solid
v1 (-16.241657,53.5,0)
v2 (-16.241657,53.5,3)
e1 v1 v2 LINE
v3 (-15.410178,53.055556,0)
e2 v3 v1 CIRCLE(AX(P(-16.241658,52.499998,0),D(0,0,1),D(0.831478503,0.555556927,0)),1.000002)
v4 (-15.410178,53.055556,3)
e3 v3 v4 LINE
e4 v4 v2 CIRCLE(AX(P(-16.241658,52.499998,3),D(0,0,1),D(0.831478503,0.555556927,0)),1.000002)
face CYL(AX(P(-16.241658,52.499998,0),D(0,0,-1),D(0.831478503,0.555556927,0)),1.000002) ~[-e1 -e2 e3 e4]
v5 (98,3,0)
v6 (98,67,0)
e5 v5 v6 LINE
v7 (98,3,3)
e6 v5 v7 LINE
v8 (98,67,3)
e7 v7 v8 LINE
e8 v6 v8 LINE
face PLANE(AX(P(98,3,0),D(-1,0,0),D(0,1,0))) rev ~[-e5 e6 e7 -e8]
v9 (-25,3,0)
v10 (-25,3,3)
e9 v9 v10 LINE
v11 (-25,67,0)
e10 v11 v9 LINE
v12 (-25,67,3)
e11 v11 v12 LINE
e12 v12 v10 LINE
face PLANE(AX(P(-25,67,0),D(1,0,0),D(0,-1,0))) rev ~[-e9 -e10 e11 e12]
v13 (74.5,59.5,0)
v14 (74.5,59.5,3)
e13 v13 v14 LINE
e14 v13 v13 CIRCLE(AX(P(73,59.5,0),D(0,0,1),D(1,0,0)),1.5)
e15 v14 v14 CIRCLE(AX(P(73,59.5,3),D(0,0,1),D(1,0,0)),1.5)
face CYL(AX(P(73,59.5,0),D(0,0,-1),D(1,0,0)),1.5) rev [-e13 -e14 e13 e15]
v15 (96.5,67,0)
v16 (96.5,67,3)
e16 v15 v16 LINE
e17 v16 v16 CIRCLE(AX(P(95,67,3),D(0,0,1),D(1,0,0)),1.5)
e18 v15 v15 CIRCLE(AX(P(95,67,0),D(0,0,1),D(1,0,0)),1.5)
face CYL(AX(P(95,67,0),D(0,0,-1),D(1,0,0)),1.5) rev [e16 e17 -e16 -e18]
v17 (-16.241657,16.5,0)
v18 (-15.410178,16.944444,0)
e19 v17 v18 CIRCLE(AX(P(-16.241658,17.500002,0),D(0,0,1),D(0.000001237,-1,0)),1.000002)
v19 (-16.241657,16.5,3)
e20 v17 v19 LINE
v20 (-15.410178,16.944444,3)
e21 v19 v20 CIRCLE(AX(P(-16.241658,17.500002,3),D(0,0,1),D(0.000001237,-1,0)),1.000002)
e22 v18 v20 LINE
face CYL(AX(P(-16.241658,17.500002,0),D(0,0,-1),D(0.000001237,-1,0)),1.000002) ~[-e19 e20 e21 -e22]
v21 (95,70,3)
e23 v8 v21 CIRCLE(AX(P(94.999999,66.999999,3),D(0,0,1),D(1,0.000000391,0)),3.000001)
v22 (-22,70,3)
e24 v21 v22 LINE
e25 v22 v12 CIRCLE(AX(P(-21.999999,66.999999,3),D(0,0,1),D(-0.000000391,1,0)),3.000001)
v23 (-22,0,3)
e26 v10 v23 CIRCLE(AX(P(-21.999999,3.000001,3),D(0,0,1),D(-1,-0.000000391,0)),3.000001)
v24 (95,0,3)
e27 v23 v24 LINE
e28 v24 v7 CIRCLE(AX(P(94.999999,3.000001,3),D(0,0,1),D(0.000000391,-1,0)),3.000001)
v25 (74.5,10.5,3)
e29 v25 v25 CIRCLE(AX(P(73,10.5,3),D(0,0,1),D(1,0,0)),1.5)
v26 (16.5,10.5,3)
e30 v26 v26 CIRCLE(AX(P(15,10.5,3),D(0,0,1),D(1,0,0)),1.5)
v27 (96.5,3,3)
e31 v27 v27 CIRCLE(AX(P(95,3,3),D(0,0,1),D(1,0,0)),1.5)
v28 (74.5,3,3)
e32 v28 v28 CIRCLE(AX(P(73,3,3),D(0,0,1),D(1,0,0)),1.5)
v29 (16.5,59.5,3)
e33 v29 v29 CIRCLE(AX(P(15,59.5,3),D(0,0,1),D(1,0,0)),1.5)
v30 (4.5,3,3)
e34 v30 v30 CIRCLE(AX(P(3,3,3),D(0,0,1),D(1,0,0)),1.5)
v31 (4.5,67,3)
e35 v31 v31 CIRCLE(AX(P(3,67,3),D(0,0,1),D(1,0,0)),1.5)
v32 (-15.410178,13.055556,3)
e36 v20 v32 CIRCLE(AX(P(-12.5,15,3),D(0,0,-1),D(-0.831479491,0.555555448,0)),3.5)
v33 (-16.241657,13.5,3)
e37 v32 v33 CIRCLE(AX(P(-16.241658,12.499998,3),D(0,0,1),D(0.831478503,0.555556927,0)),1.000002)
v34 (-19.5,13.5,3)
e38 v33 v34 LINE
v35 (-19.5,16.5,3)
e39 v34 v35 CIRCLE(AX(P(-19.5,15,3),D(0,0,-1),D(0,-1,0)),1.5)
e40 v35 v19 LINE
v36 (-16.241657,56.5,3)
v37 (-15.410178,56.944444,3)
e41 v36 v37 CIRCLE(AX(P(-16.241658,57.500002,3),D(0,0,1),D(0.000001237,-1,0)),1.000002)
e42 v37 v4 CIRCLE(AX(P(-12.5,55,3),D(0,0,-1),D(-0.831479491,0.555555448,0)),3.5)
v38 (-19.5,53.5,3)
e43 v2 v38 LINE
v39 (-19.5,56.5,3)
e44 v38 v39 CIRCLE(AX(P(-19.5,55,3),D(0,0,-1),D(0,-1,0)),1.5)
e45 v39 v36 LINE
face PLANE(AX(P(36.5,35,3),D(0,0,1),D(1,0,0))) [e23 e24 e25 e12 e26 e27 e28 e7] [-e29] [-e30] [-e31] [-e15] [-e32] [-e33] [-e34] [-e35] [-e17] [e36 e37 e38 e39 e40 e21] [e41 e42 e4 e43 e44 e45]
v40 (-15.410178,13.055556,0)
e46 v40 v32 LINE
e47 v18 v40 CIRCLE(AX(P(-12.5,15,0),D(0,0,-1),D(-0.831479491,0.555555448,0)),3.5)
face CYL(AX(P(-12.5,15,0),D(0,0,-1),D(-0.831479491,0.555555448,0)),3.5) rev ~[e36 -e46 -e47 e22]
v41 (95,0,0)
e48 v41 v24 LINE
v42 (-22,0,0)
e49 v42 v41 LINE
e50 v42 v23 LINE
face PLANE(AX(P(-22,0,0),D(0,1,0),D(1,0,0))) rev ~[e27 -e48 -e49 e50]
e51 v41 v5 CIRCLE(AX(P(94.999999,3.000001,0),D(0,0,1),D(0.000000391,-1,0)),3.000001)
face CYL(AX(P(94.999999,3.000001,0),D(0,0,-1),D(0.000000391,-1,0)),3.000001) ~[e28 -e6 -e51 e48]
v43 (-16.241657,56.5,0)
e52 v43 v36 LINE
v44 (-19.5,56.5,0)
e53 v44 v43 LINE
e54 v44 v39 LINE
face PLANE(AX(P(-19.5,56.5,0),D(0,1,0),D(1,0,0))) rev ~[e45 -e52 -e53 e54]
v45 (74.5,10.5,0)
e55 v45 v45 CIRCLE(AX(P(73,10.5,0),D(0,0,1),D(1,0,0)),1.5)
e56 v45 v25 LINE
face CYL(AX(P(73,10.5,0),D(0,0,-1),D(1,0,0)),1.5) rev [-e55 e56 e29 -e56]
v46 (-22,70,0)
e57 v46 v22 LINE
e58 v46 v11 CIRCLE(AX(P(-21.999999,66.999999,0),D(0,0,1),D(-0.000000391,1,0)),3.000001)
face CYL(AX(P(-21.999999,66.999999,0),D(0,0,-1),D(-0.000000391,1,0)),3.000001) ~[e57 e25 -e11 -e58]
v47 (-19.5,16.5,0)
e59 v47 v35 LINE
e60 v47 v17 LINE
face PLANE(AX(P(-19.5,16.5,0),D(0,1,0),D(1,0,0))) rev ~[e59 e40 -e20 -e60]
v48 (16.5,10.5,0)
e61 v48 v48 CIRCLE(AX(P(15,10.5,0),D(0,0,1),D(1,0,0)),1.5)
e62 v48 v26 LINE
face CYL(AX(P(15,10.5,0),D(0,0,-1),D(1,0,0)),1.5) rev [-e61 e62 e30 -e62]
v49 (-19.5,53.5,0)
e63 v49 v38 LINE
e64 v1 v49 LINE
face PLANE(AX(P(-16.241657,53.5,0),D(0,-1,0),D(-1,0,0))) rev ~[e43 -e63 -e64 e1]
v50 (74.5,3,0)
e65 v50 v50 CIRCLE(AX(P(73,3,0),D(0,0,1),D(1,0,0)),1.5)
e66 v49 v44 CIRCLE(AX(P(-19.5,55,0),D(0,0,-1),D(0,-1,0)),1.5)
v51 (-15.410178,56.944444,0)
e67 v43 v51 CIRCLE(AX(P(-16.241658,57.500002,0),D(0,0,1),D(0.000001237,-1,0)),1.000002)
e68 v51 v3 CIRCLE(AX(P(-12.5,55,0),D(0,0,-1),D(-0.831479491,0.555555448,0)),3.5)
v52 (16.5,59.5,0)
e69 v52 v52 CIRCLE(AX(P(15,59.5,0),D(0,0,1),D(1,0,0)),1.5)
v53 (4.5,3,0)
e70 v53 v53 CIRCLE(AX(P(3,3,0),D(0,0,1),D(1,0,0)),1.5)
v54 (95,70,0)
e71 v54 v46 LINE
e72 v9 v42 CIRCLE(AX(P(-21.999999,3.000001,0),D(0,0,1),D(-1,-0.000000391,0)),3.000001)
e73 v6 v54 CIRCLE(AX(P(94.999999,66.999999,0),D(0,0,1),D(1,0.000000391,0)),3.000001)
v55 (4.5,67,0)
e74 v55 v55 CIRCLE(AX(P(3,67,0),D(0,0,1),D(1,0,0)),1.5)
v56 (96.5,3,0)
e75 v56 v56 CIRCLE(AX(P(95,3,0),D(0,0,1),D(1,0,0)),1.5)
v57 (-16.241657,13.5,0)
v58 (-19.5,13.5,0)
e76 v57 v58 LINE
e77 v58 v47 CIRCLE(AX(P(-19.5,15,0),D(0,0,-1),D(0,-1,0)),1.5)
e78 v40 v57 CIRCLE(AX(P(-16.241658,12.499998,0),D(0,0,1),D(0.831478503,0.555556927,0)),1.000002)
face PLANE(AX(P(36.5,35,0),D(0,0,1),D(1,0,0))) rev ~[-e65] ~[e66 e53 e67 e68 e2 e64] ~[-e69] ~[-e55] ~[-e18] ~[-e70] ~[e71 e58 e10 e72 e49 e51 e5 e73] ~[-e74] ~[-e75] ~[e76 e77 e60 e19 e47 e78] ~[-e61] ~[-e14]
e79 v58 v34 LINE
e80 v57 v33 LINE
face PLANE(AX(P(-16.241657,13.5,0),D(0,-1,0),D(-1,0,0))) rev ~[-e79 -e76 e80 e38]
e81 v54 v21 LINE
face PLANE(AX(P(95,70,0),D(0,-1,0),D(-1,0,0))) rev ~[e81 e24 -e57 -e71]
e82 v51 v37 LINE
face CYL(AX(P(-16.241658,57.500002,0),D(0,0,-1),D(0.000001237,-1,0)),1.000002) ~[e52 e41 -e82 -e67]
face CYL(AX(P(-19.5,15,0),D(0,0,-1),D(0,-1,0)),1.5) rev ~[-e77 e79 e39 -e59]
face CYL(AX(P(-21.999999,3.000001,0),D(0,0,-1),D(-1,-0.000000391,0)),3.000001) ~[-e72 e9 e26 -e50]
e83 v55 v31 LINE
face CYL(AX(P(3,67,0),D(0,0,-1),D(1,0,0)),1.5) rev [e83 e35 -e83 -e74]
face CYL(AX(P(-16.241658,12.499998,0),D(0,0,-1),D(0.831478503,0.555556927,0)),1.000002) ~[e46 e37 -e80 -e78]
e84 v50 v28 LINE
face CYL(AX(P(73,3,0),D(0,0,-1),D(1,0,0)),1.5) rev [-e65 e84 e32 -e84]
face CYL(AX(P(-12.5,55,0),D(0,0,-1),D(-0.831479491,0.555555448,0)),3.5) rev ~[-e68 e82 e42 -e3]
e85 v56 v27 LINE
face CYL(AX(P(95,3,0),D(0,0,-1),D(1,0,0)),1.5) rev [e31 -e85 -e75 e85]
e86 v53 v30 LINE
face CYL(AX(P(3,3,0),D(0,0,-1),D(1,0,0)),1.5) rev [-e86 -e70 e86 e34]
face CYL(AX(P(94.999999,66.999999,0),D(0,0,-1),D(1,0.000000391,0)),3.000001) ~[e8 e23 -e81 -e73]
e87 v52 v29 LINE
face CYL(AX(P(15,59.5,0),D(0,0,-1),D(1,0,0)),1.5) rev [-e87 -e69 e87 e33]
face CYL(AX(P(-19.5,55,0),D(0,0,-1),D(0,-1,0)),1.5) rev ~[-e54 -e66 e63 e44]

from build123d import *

# Parameters (mm, degrees)
F0_R     = 1.5
F1_DEPTH = 3


with BuildPart() as f1:
    # F0 (on Top) → F1 (new body)
    with BuildSketch(Plane.XY):
        with BuildLine():
            Line((0, 0), (3, 0))
            Line((3, 0), (95, 0))
            ThreePointArc((95, 0), (97.12132, 0.87868), (98, 3))
            Line((98, 3), (98, 67))
            ThreePointArc((98, 67), (97.12132, 69.12132), (95, 70))
            Line((95, 70), (3, 70))
            Line((3, 70), (0, 70))
            Line((0, 70), (-22, 70))
            ThreePointArc((-22, 70), (-24.12132, 69.12132), (-25, 67))
            Line((-25, 67), (-25, 3))
            ThreePointArc((-25, 3), (-24.12132, 0.87868), (-22, 0))
            Line((-22, 0), (0, 0))
        make_face()
        with Locations((3, 3)):
            Circle(F0_R, mode=Mode.SUBTRACT)
        with BuildLine():
            ThreePointArc((-15.410178, 16.944444), (-9, 15), (-15.410178, 13.055556))
            ThreePointArc((-15.410178, 13.055556), (-15.770253, 13.381917), (-16.241657, 13.5))
            Line((-16.241657, 13.5), (-19.5, 13.5))
            ThreePointArc((-19.5, 13.5), (-21, 15), (-19.5, 16.5))
            Line((-19.5, 16.5), (-16.241657, 16.5))
            ThreePointArc((-16.241657, 16.5), (-15.770253, 16.618083), (-15.410178, 16.944444))
        make_face(mode=Mode.SUBTRACT)
        with Locations((15, 10.5)):
            Circle(F0_R, mode=Mode.SUBTRACT)
        with Locations((73, 3)):
            Circle(F0_R, mode=Mode.SUBTRACT)
        with Locations((95, 3)):
            Circle(F0_R, mode=Mode.SUBTRACT)
        with Locations((73, 10.5)):
            Circle(F0_R, mode=Mode.SUBTRACT)
        with BuildLine():
            ThreePointArc((-16.241657, 56.5), (-15.770253, 56.618083), (-15.410178, 56.944444))
            ThreePointArc((-15.410178, 56.944444), (-9, 55), (-15.410178, 53.055556))
            ThreePointArc((-15.410178, 53.055556), (-15.770253, 53.381917), (-16.241657, 53.5))
            Line((-16.241657, 53.5), (-19.5, 53.5))
            ThreePointArc((-19.5, 53.5), (-21, 55), (-19.5, 56.5))
            Line((-19.5, 56.5), (-16.241657, 56.5))
        make_face(mode=Mode.SUBTRACT)
        with Locations((3, 67)):
            Circle(F0_R, mode=Mode.SUBTRACT)
        with Locations((15, 59.5)):
            Circle(F0_R, mode=Mode.SUBTRACT)
        with Locations((73, 59.5)):
            Circle(F0_R, mode=Mode.SUBTRACT)
        with Locations((95, 67)):
            Circle(F0_R, mode=Mode.SUBTRACT)
    extrude(amount=F1_DEPTH)


solid = f1.part
